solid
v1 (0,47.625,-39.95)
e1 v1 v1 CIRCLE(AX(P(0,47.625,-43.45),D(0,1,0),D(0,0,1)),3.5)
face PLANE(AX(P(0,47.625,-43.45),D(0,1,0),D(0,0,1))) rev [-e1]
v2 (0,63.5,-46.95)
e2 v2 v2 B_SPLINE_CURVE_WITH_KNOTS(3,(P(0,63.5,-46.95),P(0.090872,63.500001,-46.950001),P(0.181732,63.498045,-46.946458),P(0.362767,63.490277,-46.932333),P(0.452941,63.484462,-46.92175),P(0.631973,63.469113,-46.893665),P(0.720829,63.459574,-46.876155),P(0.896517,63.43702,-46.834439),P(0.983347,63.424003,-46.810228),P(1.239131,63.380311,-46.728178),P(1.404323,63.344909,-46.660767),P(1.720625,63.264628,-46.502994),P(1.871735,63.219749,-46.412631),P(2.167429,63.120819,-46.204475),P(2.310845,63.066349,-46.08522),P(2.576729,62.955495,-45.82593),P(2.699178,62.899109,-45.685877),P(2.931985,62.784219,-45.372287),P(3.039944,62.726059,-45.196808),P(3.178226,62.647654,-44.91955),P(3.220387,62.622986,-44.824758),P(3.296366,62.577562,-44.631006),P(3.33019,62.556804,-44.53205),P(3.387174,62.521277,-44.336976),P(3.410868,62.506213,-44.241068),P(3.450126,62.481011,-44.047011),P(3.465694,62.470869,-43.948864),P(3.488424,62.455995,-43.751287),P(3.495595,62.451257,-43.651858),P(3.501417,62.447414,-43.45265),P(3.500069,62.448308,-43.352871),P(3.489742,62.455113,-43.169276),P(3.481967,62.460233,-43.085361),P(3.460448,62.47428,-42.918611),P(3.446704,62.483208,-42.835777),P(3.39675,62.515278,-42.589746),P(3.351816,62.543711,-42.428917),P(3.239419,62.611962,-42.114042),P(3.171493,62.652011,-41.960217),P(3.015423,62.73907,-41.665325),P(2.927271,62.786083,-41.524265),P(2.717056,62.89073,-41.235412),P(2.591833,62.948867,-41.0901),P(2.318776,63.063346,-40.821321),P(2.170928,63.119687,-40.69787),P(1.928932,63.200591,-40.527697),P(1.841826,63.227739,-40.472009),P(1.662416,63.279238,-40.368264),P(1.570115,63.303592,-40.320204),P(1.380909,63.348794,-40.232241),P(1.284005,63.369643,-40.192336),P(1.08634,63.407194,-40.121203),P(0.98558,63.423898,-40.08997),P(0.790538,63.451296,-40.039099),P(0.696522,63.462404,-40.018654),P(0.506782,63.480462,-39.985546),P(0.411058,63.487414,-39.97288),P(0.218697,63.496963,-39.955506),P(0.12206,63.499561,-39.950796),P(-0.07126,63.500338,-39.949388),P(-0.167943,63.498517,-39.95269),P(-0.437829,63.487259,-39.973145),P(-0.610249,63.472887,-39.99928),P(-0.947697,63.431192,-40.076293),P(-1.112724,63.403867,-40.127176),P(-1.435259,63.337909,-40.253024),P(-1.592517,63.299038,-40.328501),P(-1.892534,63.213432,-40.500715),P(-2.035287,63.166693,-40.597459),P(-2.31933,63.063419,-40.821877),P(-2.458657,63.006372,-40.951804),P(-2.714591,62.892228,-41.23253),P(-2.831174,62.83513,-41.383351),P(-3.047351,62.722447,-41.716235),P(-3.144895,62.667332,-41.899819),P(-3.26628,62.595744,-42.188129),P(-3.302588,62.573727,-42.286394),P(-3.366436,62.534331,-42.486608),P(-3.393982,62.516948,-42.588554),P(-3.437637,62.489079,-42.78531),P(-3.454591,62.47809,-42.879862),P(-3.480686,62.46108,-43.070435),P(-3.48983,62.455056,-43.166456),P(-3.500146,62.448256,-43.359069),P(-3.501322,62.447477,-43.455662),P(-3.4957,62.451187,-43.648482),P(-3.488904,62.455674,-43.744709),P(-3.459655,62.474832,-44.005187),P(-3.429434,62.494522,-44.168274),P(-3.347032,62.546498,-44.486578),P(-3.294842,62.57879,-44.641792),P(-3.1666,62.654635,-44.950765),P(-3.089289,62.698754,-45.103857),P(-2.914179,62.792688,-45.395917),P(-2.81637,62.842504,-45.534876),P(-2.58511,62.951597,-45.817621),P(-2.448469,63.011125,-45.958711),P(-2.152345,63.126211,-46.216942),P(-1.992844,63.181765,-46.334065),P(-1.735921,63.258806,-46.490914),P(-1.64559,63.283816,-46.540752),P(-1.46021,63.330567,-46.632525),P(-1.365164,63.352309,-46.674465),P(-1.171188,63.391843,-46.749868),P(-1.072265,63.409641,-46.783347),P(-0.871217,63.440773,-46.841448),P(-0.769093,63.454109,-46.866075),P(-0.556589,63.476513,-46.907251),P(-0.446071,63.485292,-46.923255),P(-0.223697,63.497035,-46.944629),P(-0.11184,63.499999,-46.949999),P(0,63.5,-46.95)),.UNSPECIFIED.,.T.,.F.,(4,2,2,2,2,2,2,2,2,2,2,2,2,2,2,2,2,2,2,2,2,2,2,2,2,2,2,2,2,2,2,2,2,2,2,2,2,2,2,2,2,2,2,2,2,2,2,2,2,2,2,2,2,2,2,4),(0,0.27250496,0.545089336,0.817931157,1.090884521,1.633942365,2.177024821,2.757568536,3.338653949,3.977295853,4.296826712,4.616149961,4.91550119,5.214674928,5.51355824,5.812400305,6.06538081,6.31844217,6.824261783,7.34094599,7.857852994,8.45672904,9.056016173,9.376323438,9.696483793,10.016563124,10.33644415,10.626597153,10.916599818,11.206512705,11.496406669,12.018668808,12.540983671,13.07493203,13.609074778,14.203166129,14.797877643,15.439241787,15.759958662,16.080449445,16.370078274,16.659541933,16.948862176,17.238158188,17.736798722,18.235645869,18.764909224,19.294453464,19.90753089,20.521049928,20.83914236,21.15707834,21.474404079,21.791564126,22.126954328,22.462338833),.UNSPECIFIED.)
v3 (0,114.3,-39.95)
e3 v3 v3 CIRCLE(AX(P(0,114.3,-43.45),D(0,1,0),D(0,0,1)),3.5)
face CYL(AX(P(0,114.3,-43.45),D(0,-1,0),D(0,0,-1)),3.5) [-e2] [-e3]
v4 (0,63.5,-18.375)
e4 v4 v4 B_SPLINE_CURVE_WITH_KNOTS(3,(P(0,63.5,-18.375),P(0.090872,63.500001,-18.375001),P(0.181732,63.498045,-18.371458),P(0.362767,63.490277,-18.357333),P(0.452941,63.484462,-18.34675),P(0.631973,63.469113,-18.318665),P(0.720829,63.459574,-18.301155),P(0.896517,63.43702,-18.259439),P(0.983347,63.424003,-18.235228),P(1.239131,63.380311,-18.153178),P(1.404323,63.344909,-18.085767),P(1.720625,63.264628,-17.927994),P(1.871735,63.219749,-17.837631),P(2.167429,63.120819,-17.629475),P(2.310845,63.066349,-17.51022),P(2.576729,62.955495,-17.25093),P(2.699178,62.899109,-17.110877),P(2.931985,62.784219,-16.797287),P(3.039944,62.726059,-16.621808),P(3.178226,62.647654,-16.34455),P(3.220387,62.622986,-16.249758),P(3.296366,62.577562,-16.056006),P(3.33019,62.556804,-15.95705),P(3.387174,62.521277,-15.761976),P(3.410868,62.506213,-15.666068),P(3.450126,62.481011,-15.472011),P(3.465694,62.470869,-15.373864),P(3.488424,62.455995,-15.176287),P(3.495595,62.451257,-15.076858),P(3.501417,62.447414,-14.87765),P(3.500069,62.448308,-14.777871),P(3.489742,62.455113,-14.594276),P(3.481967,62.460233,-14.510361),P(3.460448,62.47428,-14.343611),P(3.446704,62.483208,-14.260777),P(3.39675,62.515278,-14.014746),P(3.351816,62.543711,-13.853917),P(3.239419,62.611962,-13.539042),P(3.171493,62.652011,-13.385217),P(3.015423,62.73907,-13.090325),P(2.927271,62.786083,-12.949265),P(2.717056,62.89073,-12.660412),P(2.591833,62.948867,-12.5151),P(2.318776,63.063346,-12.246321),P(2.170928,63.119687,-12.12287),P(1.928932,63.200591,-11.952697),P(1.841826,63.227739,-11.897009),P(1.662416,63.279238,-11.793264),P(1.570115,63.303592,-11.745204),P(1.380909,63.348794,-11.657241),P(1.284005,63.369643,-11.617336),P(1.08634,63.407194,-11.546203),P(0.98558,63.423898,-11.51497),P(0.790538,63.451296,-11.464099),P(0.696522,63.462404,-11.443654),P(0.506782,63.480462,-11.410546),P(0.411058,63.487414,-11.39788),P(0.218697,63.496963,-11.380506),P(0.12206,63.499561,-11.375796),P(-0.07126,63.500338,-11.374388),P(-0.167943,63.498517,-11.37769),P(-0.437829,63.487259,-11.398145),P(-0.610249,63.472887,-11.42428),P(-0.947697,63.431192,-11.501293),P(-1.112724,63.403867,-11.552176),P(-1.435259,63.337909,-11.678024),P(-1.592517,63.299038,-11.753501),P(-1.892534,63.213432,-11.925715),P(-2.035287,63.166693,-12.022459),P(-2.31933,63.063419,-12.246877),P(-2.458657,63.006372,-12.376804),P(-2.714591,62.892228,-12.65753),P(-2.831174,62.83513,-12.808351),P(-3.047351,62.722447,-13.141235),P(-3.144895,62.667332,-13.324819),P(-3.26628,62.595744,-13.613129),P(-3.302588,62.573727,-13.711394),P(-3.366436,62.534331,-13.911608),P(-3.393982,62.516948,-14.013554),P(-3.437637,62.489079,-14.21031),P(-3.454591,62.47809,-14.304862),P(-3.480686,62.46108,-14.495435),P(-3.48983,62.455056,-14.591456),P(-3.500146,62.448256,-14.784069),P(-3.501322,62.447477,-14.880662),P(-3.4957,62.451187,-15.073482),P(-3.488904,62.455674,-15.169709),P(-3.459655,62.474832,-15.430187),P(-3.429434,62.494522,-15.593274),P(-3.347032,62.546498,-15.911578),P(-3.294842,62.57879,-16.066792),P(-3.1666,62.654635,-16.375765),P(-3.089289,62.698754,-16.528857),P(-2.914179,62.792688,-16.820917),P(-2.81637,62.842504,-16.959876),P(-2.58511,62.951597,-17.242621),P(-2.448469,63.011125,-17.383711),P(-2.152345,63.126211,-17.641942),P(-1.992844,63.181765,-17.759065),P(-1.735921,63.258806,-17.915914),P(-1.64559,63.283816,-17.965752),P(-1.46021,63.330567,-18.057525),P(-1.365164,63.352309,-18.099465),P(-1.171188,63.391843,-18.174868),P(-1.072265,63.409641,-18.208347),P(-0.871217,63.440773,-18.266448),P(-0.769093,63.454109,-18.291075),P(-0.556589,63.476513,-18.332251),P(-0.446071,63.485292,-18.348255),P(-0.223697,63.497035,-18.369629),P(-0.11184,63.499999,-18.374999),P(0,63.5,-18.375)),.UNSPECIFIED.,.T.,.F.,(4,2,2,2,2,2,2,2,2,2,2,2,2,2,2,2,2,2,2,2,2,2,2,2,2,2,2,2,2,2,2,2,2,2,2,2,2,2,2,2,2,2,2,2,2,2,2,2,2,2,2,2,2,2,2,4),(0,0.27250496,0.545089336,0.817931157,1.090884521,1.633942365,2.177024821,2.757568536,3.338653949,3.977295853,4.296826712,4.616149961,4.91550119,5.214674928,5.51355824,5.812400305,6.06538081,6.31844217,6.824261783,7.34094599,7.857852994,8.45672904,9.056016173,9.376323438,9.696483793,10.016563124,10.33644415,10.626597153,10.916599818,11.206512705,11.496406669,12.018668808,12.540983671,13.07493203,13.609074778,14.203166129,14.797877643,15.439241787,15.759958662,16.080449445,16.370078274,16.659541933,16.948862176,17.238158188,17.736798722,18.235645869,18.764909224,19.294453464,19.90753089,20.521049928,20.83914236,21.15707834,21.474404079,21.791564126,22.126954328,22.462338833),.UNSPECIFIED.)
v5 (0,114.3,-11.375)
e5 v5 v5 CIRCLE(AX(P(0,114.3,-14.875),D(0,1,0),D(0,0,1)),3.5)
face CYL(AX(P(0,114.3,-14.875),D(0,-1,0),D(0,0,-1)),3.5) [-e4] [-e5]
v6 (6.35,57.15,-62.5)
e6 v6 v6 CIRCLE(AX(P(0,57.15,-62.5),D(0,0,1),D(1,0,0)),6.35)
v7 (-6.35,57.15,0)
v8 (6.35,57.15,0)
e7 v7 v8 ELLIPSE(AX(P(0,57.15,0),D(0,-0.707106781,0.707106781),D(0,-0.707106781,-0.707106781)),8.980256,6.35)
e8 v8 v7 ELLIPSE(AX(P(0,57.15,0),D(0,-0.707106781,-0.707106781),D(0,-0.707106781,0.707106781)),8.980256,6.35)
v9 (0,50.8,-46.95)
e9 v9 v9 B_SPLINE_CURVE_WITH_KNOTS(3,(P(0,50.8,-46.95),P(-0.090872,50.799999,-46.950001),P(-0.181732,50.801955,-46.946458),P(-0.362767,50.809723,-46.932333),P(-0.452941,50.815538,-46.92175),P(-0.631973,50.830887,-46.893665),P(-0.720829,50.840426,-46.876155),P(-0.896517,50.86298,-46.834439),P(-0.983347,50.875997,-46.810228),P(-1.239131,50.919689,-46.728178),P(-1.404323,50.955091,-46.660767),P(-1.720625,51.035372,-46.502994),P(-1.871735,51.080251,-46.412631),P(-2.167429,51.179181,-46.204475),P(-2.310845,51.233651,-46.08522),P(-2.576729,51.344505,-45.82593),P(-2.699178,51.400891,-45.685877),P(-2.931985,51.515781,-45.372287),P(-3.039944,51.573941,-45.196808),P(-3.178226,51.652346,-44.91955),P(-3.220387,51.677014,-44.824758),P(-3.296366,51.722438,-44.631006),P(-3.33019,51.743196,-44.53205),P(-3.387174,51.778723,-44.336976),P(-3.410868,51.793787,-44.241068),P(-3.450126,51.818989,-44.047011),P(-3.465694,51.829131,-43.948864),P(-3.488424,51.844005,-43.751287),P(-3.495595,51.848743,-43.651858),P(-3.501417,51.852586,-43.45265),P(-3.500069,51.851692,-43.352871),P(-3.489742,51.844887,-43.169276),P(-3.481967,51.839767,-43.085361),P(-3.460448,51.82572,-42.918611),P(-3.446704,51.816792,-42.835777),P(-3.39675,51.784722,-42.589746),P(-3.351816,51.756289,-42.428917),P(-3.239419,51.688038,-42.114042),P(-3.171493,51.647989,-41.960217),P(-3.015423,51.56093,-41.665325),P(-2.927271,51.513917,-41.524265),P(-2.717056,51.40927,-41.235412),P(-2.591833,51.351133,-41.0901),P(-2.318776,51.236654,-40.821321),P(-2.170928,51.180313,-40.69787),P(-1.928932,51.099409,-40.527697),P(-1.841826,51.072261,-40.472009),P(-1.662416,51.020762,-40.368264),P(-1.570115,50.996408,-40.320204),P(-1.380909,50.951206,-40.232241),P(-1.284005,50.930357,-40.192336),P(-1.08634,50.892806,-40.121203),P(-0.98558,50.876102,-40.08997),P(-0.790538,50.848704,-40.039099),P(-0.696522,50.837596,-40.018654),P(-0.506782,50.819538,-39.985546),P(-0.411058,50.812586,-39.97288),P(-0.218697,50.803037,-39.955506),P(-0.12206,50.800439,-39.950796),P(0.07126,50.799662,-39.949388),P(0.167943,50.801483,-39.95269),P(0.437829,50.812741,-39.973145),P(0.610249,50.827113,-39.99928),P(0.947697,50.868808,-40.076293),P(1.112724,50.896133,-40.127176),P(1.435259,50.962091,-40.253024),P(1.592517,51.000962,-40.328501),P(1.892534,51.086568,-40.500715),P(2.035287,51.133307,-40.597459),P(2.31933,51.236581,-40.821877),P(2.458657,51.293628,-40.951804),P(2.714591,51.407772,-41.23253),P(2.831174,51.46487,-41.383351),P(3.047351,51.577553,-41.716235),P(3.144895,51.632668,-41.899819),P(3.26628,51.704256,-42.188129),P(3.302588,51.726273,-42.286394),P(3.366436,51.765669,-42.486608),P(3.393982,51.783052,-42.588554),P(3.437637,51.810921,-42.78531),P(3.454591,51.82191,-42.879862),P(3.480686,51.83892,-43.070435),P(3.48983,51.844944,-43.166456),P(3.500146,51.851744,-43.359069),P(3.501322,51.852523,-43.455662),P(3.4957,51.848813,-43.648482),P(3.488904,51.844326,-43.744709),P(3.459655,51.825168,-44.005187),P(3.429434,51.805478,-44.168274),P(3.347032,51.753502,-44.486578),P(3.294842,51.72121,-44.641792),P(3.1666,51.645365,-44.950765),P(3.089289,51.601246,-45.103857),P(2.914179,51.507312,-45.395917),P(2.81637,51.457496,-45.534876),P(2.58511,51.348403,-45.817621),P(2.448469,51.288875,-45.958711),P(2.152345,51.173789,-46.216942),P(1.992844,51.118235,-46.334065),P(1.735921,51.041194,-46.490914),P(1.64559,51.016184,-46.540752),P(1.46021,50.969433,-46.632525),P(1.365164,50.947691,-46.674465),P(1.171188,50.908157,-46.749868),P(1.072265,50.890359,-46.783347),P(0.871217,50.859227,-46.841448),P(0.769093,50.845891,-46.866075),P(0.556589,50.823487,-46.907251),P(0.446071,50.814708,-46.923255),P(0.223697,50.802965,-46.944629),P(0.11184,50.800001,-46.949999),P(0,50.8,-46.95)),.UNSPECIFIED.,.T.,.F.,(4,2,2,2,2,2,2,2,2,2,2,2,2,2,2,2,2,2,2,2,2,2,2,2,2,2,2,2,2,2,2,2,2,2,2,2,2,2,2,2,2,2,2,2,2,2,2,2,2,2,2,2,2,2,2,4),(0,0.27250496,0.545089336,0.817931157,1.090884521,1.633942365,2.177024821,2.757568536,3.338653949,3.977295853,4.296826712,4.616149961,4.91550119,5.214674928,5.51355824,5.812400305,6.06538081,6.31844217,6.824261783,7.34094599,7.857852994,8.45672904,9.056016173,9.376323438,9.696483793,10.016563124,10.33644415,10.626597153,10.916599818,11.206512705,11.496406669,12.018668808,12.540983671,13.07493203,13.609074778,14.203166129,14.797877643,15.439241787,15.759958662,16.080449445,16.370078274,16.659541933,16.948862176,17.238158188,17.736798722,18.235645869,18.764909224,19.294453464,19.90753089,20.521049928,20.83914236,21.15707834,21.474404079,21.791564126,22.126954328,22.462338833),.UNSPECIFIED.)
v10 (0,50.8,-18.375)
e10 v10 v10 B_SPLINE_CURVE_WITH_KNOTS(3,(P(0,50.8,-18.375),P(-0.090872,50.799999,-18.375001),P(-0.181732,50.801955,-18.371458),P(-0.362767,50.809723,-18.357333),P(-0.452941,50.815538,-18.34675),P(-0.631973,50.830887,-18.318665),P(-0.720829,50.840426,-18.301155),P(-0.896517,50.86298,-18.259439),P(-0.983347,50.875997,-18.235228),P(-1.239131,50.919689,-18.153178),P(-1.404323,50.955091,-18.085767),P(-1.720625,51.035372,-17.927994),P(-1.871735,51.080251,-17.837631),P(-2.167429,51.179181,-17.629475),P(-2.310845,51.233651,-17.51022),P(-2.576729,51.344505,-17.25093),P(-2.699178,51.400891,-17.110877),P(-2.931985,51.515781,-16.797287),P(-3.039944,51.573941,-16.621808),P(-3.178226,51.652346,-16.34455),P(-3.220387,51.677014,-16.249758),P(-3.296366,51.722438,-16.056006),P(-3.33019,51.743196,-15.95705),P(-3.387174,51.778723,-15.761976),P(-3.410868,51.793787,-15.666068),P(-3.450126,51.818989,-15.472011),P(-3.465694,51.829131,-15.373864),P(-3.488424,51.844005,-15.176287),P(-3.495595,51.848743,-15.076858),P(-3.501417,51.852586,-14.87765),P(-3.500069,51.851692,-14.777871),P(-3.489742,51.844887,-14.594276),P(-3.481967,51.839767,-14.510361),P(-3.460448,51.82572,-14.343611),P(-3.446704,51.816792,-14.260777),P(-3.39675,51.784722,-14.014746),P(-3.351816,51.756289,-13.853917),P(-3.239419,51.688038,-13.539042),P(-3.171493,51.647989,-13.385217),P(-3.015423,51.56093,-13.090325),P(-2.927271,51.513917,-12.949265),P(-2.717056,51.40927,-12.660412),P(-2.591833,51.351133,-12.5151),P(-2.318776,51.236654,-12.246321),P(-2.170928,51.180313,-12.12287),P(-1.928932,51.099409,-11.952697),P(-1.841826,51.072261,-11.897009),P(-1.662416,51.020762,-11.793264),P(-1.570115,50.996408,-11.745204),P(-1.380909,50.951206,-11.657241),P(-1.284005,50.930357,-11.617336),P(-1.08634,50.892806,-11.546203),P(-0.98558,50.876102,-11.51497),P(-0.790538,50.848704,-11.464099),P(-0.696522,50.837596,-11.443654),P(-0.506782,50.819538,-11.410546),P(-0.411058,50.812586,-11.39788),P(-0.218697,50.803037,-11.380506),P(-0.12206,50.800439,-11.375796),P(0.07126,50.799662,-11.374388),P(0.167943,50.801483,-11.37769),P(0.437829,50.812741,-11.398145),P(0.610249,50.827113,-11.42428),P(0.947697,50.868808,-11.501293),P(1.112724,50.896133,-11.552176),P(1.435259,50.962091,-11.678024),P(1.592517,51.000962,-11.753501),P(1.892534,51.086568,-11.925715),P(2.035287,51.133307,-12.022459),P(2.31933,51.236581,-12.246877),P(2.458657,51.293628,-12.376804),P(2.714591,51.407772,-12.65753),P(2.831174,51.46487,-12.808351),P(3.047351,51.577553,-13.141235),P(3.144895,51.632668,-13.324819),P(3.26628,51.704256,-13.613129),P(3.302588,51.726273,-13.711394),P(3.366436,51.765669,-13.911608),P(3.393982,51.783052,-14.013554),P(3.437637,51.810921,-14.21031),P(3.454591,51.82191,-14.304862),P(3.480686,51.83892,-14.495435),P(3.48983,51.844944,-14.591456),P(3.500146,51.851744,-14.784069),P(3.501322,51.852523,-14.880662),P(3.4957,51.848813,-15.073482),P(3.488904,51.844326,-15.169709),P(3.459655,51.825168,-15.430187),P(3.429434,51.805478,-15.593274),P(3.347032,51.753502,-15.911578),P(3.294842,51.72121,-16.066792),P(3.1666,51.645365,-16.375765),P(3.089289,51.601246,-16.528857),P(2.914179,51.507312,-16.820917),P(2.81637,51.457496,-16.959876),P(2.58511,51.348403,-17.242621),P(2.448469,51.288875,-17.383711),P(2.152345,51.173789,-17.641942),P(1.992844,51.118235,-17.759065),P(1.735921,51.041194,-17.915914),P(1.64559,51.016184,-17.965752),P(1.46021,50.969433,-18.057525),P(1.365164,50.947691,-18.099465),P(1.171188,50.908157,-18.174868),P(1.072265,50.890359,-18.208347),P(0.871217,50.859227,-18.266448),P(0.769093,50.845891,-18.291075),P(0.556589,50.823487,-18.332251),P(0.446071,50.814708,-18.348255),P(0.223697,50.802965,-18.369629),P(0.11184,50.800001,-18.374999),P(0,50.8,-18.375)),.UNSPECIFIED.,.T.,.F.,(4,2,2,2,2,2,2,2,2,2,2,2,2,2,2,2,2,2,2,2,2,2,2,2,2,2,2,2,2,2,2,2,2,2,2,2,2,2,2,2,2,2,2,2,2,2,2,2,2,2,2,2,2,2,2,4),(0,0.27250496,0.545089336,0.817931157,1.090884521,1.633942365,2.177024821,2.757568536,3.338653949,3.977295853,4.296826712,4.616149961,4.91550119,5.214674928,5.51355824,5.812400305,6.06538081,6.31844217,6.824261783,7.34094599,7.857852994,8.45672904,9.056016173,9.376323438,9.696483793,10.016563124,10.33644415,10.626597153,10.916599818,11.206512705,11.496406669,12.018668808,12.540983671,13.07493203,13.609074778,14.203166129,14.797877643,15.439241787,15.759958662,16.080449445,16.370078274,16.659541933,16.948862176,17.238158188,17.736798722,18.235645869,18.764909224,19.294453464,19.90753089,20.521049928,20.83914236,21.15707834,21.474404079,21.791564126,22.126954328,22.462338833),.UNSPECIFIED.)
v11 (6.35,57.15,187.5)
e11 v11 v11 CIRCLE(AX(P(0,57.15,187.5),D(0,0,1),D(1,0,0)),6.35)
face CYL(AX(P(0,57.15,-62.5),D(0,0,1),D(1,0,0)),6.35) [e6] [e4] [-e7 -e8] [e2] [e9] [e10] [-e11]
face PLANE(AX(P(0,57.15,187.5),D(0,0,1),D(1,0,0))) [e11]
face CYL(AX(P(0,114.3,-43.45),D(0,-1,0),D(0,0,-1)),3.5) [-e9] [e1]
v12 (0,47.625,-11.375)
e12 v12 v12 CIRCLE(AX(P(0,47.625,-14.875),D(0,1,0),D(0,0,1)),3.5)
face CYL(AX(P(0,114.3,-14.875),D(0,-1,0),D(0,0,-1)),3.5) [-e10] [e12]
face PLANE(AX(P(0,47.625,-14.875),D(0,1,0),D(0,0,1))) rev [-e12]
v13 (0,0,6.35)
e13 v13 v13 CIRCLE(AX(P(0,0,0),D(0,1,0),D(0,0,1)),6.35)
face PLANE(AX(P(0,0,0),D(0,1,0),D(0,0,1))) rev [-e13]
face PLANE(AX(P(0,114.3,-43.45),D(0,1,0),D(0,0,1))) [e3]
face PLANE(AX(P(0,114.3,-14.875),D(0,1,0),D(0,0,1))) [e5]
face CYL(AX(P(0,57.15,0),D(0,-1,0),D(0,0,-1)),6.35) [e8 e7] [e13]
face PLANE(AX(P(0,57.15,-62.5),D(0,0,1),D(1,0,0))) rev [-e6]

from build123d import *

# Parameters (mm, degrees)
SKETCH1_R                = 6.35
BOSS_EXTRUDE1_DEPTH      = 57.15
BOSS_EXTRUDE2_DEPTH      = 187.5
BOSS_EXTRUDE2_DEPTH_BACK = 62.5
SKETCH2_R                = 6.35
BOSS_EXTRUDE3_START      = 47.625
SKETCH3_R                = 3.5
BOSS_EXTRUDE3_DEPTH      = 66.675


with BuildPart() as part:
    # Sketch1 → Boss-Extrude1 (new body)
    with BuildSketch(Plane(origin=(0, 0, 0), x_dir=(1, 0, 0), z_dir=(0, 1, 0))):
        with Locations(Location((0, 0, 0), (0, 0, 270))):
            Circle(SKETCH1_R)
    extrude(amount=BOSS_EXTRUDE1_DEPTH)

    # Sketch2 → Boss-Extrude2 (add, two sides: drawn at the far end of the back side and taken through both)
    with BuildSketch(Plane.XY.offset(-BOSS_EXTRUDE2_DEPTH_BACK)):
        with Locations((0, 57.15)):
            Circle(SKETCH2_R)
    extrude(amount=BOSS_EXTRUDE2_DEPTH + BOSS_EXTRUDE2_DEPTH_BACK)

    # Sketch3 → Boss-Extrude3 (add)
    with BuildSketch(Plane(origin=(0, 0, 0), x_dir=(1, 0, 0), z_dir=(0, 1, 0)).offset(BOSS_EXTRUDE3_START)):
        with Locations(Location((0, 14.875, 0), (0, 0, 90))):
            Circle(SKETCH3_R)
        with Locations(Location((0, 43.45, 0), (0, 0, 90))):
            Circle(SKETCH3_R)
    extrude(amount=BOSS_EXTRUDE3_DEPTH)


solid = part.part
